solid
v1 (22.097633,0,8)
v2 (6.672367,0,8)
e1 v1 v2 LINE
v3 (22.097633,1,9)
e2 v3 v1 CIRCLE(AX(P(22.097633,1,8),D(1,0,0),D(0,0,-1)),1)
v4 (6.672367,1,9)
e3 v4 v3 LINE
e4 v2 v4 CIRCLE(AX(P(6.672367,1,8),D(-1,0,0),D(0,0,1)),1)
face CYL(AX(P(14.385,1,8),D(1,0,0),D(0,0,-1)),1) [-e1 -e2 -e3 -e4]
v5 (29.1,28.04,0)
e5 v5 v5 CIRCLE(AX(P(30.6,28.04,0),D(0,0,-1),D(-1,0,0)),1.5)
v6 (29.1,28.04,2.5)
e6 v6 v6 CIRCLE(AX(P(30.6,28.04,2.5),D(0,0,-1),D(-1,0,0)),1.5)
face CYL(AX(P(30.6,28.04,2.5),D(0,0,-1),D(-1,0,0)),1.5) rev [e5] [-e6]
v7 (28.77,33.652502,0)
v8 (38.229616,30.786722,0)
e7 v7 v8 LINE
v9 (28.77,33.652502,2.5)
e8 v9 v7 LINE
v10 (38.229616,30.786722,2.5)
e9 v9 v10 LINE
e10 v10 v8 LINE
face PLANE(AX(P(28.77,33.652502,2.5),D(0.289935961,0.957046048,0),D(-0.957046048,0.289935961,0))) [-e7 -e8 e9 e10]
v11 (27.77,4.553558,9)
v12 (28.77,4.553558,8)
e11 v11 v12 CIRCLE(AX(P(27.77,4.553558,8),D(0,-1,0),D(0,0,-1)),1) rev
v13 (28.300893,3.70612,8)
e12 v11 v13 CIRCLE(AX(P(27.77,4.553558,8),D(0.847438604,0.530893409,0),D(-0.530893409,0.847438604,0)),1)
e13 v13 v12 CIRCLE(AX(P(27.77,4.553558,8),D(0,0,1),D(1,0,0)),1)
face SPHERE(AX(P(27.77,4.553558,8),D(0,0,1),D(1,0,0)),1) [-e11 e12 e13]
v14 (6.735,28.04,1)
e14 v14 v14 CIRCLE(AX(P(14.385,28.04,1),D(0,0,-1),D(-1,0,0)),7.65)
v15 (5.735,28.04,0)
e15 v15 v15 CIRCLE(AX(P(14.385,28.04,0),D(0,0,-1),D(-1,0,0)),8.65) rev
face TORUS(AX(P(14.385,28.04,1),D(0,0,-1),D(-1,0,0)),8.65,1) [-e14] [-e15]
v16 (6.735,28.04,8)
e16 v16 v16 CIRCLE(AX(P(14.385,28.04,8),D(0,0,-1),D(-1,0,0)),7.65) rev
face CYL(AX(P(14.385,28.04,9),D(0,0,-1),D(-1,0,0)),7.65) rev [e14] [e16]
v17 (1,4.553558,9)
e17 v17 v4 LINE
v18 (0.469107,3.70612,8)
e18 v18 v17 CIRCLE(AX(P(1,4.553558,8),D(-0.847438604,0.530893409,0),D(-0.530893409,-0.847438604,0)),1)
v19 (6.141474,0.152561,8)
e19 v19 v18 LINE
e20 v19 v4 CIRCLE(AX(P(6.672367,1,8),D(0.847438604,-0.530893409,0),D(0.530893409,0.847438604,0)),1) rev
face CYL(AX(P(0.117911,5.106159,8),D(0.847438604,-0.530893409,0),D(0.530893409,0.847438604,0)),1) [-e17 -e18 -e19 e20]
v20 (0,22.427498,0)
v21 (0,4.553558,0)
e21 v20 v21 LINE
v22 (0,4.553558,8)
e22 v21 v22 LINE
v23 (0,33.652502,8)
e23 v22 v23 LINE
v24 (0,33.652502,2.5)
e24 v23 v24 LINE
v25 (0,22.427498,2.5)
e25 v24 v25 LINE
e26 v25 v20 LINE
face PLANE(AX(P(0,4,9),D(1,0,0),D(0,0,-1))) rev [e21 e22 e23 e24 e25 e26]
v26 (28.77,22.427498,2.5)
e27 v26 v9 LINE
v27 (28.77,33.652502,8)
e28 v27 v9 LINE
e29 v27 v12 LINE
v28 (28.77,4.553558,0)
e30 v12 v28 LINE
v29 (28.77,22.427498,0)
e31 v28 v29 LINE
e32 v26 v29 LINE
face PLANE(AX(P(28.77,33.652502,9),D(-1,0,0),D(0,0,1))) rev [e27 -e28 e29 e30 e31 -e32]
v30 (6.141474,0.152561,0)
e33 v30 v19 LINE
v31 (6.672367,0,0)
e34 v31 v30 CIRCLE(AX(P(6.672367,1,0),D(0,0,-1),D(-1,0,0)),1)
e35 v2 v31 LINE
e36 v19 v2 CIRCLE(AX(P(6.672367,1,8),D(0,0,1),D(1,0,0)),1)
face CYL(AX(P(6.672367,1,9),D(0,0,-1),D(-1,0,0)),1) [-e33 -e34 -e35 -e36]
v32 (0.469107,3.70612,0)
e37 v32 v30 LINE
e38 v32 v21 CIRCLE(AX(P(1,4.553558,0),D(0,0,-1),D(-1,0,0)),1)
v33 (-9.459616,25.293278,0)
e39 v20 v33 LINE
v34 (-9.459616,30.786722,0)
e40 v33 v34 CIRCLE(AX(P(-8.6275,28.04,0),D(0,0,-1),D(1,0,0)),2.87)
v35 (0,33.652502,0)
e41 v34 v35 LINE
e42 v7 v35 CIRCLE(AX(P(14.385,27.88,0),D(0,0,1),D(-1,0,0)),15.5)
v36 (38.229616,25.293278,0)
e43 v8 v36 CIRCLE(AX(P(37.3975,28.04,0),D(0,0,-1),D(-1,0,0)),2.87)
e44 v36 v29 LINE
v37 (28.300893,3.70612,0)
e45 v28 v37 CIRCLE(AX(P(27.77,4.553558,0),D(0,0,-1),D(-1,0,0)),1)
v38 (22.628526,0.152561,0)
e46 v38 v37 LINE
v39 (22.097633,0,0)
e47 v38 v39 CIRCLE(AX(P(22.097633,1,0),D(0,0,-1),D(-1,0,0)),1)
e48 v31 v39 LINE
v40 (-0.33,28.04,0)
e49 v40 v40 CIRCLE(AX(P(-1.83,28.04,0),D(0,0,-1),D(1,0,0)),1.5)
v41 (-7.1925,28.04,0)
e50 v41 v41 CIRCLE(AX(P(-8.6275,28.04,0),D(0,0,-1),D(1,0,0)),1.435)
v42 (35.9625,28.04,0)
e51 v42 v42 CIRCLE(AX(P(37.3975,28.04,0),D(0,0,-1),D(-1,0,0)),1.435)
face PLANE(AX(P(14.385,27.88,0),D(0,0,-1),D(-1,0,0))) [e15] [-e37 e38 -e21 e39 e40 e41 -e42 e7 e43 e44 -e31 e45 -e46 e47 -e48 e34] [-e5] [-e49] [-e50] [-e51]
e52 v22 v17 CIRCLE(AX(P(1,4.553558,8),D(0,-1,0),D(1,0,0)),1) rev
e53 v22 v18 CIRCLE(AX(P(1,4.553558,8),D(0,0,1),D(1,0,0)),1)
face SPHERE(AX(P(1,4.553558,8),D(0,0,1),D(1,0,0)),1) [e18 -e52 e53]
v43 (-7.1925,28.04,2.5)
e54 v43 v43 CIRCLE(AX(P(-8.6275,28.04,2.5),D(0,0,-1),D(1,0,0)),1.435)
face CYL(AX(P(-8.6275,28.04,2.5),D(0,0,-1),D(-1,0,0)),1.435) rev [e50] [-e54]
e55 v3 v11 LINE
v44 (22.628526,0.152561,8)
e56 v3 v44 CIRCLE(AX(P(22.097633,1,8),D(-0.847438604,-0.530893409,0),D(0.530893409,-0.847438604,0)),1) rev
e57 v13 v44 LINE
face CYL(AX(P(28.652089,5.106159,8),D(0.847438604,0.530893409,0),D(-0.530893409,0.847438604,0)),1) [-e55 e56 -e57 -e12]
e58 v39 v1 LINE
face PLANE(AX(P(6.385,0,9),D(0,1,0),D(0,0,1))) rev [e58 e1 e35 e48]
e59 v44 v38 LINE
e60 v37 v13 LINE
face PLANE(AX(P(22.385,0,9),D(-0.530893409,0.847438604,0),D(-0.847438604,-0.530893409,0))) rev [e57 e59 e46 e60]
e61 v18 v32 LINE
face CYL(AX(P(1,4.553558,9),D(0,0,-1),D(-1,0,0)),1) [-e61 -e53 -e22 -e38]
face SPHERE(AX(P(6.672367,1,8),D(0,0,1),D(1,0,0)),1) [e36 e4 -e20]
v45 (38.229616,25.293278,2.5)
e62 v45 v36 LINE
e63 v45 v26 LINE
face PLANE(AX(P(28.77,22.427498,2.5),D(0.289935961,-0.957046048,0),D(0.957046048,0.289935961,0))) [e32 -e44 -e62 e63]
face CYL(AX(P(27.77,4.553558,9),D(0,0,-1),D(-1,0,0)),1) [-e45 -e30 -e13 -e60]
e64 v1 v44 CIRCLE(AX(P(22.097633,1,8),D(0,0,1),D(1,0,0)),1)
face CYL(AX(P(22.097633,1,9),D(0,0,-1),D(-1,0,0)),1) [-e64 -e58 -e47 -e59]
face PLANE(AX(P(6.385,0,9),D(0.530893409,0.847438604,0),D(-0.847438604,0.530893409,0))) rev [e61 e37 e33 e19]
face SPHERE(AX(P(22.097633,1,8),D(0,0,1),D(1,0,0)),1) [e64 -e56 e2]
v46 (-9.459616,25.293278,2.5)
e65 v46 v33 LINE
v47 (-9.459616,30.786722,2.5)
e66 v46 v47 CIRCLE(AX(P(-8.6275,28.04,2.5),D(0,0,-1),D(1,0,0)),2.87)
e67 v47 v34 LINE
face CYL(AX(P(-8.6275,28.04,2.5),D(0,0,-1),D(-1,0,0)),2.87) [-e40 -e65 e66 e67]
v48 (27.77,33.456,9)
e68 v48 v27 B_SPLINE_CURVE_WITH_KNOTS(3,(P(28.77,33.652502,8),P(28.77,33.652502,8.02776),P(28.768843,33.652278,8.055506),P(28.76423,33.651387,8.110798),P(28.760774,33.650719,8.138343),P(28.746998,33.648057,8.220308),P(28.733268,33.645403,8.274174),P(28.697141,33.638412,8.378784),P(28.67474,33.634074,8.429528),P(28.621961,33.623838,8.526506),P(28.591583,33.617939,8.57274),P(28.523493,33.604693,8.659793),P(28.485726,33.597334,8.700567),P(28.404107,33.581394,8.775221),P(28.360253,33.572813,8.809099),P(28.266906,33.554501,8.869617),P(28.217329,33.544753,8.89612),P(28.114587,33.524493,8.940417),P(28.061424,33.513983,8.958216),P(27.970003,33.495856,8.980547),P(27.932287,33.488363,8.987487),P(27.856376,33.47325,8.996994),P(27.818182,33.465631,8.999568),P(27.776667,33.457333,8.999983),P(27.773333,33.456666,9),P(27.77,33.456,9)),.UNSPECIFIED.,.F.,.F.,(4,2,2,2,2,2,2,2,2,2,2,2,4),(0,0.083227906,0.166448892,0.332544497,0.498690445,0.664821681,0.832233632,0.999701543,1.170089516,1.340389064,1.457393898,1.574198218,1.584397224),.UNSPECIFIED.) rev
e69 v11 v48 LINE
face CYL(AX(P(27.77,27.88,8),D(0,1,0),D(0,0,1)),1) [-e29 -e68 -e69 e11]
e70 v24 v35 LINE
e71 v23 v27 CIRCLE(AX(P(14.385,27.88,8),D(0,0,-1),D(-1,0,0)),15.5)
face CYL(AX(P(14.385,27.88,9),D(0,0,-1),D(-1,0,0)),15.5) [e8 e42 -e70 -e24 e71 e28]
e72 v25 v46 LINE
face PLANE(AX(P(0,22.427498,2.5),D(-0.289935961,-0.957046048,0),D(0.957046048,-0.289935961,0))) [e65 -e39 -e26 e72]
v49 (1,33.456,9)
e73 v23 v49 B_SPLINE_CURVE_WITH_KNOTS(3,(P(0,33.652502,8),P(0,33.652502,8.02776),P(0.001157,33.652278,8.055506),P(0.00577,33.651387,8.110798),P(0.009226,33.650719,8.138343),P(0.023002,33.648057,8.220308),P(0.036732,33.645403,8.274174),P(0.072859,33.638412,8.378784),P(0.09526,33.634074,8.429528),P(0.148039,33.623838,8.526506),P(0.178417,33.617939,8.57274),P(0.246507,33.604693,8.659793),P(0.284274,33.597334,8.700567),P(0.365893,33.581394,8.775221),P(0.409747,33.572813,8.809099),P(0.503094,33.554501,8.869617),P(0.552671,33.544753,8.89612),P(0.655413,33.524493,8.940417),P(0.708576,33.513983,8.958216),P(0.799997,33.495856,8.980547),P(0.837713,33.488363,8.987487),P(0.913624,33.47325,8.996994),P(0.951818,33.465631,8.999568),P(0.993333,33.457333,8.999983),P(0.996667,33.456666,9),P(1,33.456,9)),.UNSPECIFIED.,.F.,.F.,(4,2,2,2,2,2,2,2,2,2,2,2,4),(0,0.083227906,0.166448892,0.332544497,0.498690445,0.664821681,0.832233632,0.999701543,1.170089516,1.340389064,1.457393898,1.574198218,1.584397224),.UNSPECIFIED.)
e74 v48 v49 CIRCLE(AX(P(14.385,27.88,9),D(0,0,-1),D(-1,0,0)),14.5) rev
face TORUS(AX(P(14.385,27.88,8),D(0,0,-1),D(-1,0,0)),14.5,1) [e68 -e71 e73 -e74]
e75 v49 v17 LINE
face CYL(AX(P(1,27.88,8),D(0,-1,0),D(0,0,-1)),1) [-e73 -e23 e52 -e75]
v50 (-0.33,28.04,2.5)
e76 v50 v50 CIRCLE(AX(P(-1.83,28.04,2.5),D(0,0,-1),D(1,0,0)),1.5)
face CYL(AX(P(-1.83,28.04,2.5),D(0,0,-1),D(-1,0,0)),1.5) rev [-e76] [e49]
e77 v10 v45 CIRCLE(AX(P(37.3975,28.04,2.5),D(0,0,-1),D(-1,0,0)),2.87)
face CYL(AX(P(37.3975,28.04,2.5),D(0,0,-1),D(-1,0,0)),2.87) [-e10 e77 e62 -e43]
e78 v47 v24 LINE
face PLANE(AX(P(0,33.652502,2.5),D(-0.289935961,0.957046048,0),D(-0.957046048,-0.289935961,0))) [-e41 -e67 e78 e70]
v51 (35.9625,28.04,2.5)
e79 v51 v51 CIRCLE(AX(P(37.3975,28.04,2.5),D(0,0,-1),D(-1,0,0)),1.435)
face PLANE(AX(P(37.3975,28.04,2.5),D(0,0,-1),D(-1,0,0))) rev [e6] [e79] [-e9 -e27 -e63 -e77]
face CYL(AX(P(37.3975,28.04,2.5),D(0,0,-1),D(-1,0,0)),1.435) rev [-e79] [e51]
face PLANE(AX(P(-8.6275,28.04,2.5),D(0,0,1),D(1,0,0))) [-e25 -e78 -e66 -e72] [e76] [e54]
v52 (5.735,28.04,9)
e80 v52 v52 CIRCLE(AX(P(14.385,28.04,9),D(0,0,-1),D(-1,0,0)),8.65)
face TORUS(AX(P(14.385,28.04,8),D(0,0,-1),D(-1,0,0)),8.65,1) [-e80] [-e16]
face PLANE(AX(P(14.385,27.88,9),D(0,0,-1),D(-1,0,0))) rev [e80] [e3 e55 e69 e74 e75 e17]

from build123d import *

# Parameters (mm, degrees)
SKETCH1_R           = 7.65
BOSS_EXTRUDE1_DEPTH = 9
FILLET1_R           = 1
SKETCH2_R           = 1.5
SKETCH2_R_2         = 1.435
BOSS_EXTRUDE2_DEPTH = 2.5


with BuildPart() as part:
    # Sketch1 → Boss-Extrude1 (new body)
    with BuildSketch(Plane.XY):
        with BuildLine():
            Line((6.385, 0), (22.385, 0))
            Line((22.385, 0), (28.77, 4))
            Line((28.77, 4), (28.77, 33.652501624))
            ThreePointArc((28.77, 33.652501624), (14.385, 43.38), (0, 33.652501624))
            Line((0, 33.652501624), (0, 4))
            Line((0, 4), (6.385, 0))
        make_face()
        with Locations((14.385, 28.04)):
            Circle(SKETCH1_R, mode=Mode.SUBTRACT)
    extrude(amount=BOSS_EXTRUDE1_DEPTH)

    # Fillet1
    fillet1_edges = [part.edges().sort_by_distance(p)[0] for p in [
        (25.5775, 2, 9),
        (0, 4, 4.5),
        (28.77, 4, 4.5),
        (22.385, 0, 4.5),
        (6.385, 0, 4.5),
        (28.77, 18.826250812, 9),
        (14.385, 43.38, 9),
        (6.735, 28.04, 0),
        (6.735, 28.04, 9),
        (0, 18.826250812, 9),
        (3.1925, 2, 9),
        (14.385, 0, 9),
    ]]
    fillet(fillet1_edges, radius=FILLET1_R)

    # Sketch2 → Boss-Extrude2 (add)
    # profile 1 of 2: a face of its own
    with BuildSketch(Plane(origin=(0, 0, 0), x_dir=(-1, 0, 0), z_dir=(0, 0, -1))):
        with BuildLine():
            Line((-28.77, 33.652501624), (-38.229616207, 30.786722159))
            ThreePointArc((-38.229616207, 30.786722159), (-40.2675, 28.04), (-38.229616207, 25.293277841))
            Line((-38.229616207, 25.293277841), (-28.77, 22.427498376))
            Line((-28.77, 22.427498376), (-28.77, 33.652501624))
        make_face()
        with Locations((-30.6, 28.04)):
            Circle(SKETCH2_R, mode=Mode.SUBTRACT)
        with Locations((-37.3975, 28.04)):
            Circle(SKETCH2_R_2, mode=Mode.SUBTRACT)
    # profile 2 of 2: a face of its own
    with BuildSketch(Plane(origin=(0, 0, 0), x_dir=(-1, 0, 0), z_dir=(0, 0, -1))):
        with BuildLine():
            Line((0, 22.427498376), (9.459616207, 25.293277841))
            ThreePointArc((9.459616207, 25.293277841), (11.4975, 28.04), (9.459616207, 30.786722159))
            Line((9.459616207, 30.786722159), (0, 33.652501624))
            Line((0, 33.652501624), (0, 22.427498376))
        make_face()
        with Locations(Location((8.6275, 28.04, 0), (0, 0, 180))):
            Circle(SKETCH2_R_2, mode=Mode.SUBTRACT)
        with Locations(Location((1.83, 28.04, 0), (0, 0, 180))):
            Circle(SKETCH2_R, mode=Mode.SUBTRACT)
    extrude(amount=-BOSS_EXTRUDE2_DEPTH)


solid = part.part
